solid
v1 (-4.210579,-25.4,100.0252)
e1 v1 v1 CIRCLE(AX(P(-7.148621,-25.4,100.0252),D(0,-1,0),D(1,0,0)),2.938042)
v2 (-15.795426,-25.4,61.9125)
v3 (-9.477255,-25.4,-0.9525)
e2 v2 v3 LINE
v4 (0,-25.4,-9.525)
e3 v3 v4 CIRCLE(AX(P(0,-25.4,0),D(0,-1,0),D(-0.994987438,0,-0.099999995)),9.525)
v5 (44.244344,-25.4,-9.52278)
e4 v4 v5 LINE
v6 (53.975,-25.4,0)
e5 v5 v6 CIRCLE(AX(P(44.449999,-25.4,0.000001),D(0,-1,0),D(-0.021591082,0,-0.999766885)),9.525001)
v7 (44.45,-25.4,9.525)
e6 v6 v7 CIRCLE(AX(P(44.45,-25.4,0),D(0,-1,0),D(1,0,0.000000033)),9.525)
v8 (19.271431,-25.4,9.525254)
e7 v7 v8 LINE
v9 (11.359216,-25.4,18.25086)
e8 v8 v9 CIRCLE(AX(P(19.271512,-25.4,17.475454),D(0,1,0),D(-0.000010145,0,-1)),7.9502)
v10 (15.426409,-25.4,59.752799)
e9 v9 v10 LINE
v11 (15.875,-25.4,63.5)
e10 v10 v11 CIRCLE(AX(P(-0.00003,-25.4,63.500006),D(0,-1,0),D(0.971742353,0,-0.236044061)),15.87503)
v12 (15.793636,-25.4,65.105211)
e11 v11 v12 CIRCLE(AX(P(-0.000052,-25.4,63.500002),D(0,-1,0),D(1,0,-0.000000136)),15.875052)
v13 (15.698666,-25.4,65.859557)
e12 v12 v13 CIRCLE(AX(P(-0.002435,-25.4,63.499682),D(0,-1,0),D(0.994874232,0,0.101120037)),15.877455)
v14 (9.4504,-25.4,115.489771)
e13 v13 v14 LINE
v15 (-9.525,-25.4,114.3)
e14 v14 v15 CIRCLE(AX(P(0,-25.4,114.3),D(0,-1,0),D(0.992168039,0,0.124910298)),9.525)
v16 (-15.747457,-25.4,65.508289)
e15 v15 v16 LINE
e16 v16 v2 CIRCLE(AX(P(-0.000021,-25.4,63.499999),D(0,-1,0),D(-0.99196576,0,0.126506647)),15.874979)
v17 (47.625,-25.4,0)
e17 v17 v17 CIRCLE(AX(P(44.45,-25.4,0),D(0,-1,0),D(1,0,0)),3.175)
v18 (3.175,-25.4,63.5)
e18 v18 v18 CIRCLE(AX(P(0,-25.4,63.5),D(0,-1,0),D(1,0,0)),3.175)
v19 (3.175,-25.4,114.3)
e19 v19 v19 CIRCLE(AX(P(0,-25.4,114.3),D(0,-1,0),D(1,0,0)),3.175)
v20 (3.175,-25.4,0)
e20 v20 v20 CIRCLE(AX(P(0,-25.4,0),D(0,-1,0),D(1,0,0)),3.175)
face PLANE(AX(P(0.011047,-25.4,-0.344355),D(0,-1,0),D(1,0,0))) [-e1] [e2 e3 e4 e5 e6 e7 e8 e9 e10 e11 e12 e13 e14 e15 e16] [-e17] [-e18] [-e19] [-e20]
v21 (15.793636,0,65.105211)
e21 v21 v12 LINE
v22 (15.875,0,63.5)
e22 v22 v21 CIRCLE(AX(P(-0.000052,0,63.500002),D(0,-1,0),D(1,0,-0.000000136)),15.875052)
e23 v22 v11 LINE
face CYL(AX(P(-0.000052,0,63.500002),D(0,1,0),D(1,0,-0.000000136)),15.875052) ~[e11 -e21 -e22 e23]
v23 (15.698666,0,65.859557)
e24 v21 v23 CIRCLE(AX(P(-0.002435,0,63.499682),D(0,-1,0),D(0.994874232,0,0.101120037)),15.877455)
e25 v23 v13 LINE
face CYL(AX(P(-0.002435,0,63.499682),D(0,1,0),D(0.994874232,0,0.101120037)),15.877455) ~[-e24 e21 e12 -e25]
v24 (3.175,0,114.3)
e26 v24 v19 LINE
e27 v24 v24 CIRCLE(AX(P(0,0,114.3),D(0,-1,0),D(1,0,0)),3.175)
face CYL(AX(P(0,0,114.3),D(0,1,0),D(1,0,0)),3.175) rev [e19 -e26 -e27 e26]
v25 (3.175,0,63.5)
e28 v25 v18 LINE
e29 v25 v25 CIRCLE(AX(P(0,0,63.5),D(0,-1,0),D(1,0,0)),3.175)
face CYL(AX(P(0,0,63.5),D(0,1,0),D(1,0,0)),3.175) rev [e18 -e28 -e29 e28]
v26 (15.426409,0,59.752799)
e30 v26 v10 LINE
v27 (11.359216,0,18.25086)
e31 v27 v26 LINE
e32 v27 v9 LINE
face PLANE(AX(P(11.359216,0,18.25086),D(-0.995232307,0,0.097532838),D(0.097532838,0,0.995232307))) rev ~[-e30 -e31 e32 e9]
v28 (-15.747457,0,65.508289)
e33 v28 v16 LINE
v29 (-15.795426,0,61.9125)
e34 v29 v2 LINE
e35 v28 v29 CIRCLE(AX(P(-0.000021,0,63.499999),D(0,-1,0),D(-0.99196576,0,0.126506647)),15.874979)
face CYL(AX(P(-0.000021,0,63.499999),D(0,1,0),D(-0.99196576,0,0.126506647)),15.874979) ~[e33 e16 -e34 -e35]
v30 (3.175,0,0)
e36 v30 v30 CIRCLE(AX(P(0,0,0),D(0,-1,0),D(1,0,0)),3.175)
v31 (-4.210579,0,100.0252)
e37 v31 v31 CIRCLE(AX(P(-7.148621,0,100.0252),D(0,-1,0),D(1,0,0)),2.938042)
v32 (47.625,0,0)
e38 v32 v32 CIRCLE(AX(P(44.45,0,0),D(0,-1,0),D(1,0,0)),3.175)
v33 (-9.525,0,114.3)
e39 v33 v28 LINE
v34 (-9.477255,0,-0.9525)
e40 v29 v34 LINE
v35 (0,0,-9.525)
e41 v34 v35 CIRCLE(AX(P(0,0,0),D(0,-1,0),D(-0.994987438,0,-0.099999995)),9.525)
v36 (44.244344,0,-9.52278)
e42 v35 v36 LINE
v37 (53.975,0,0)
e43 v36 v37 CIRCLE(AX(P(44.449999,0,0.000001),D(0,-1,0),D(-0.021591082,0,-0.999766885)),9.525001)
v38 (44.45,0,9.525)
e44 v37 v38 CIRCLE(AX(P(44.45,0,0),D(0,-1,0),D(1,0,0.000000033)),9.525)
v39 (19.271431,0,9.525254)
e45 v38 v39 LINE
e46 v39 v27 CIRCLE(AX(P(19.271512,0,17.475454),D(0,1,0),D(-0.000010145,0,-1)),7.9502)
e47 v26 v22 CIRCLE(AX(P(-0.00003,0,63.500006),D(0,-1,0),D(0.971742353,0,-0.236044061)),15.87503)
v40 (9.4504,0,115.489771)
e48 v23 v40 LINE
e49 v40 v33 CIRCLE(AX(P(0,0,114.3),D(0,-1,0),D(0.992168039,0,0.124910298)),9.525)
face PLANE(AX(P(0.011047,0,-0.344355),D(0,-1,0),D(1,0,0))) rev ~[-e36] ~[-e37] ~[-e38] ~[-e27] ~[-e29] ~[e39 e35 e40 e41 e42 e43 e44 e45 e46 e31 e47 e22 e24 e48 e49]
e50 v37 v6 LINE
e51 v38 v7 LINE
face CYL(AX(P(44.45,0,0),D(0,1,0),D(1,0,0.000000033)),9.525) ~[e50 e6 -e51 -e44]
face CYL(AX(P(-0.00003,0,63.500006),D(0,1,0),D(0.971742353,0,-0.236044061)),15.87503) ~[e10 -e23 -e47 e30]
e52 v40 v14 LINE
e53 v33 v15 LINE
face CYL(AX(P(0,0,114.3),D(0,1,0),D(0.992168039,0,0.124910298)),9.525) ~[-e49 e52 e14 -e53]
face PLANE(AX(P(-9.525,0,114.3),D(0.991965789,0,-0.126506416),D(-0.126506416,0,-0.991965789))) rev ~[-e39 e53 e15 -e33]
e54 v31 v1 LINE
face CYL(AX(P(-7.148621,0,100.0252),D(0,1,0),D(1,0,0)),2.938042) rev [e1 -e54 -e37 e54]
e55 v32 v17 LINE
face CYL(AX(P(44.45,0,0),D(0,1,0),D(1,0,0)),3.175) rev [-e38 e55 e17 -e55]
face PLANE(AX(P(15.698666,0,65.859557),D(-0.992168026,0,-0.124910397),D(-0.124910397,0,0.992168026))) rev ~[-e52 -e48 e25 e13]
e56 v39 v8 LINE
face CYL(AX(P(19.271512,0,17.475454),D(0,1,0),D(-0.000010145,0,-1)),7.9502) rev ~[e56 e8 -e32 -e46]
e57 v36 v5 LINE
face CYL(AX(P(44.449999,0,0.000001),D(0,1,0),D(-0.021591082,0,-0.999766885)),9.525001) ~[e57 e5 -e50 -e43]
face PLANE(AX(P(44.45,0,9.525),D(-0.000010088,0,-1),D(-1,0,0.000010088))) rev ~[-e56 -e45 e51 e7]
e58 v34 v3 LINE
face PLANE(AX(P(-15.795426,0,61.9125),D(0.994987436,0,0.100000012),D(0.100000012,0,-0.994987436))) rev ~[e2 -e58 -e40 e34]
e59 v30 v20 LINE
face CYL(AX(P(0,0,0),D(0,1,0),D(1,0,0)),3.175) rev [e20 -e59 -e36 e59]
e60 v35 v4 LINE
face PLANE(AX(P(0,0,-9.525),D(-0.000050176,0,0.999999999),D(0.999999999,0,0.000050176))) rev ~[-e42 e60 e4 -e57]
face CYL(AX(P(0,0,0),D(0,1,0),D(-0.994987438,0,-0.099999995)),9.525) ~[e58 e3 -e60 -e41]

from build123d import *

# Parameters (mm, degrees)
F0_R     = 3.175
F0_R_2   = 2.938042
F1_DEPTH = 25.4


with BuildPart() as f1:
    # F0 (on Front) → F1 (new body)
    with BuildSketch(Plane.XZ):
        with BuildLine():
            ThreePointArc((0, -9.525), (6.735192, -6.735192), (9.525, 0))
            ThreePointArc((9.525, 0), (-0.476848, 9.513056), (-9.477255, -0.9525))
            ThreePointArc((-9.477255, -0.9525), (-6.389564, -7.063929), (0, -9.525))
        make_face()
        Circle(F0_R, mode=Mode.SUBTRACT)
        with BuildLine():
            ThreePointArc((-9.477255, -0.9525), (-0.476848, 9.513056), (9.525, 0))
            ThreePointArc((9.525, 0), (6.735192, -6.735192), (0, -9.525))
            Line((0, -9.525), (44.244344, -9.52278))
            ThreePointArc((44.244344, -9.52278), (34.925555, 0.102834), (44.45, 9.525))
            Line((44.45, 9.525), (19.271431, 9.525254))
            ThreePointArc((19.271431, 9.525254), (13.382074, 12.135023), (11.359216, 18.25086))
            Line((11.359216, 18.25086), (15.426409, 59.752799))
            ThreePointArc((15.426409, 59.752799), (-1.0955, 47.662844), (-15.795426, 61.9125))
            Line((-15.795426, 61.9125), (-9.477255, -0.9525))
        make_face()
        with BuildLine():
            ThreePointArc((-15.747457, 65.508289), (-15.873588, 63.711757), (-15.795426, 61.9125))
            ThreePointArc((-15.795426, 61.9125), (-1.0955, 47.662844), (15.426409, 59.752799))
            ThreePointArc((15.426409, 59.752799), (15.762453, 61.613022), (15.875, 63.5))
            ThreePointArc((15.875, 63.5), (15.854646, 64.303636), (15.793636, 65.105211))
            Line((15.793636, 65.105211), (15.698666, 65.859557))
            ThreePointArc((15.698666, 65.859557), (-0.17732, 79.37401), (-15.747457, 65.508289))
        make_face()
        with Locations((0, 63.5)):
            Circle(F0_R, mode=Mode.SUBTRACT)
        with BuildLine():
            ThreePointArc((44.45, 9.525), (34.925555, 0.102834), (44.244344, -9.52278))
            ThreePointArc((44.244344, -9.52278), (51.112085, -6.807514), (53.975, 0))
            ThreePointArc((53.975, 0), (51.185192, 6.735192), (44.45, 9.525))
        make_face()
        with Locations((44.45, 0)):
            Circle(F0_R, mode=Mode.SUBTRACT)
        with BuildLine():
            Line((-9.525, 114.3), (-15.747457, 65.508289))
            ThreePointArc((-15.747457, 65.508289), (-0.17732, 79.37401), (15.698666, 65.859557))
            Line((15.698666, 65.859557), (9.4504, 115.489771))
            ThreePointArc((9.4504, 115.489771), (9.506332, 114.896054), (9.525, 114.3))
            ThreePointArc((9.525, 114.3), (0, 104.775), (-9.525, 114.3))
        make_face()
        with Locations((-7.148621, 100.0252)):
            Circle(F0_R_2, mode=Mode.SUBTRACT)
        with BuildLine():
            ThreePointArc((15.793636, 65.105211), (15.750667, 65.482952), (15.698666, 65.859557))
            Line((15.698666, 65.859557), (15.793636, 65.105211))
        make_face()
        with BuildLine():
            ThreePointArc((9.4504, 115.489771), (-0.596054, 123.806332), (-9.525, 114.3))
            ThreePointArc((-9.525, 114.3), (0, 104.775), (9.525, 114.3))
            ThreePointArc((9.525, 114.3), (9.506332, 114.896054), (9.4504, 115.489771))
        make_face()
        with Locations((0, 114.3)):
            Circle(F0_R, mode=Mode.SUBTRACT)
    extrude(amount=F1_DEPTH)


solid = f1.part
